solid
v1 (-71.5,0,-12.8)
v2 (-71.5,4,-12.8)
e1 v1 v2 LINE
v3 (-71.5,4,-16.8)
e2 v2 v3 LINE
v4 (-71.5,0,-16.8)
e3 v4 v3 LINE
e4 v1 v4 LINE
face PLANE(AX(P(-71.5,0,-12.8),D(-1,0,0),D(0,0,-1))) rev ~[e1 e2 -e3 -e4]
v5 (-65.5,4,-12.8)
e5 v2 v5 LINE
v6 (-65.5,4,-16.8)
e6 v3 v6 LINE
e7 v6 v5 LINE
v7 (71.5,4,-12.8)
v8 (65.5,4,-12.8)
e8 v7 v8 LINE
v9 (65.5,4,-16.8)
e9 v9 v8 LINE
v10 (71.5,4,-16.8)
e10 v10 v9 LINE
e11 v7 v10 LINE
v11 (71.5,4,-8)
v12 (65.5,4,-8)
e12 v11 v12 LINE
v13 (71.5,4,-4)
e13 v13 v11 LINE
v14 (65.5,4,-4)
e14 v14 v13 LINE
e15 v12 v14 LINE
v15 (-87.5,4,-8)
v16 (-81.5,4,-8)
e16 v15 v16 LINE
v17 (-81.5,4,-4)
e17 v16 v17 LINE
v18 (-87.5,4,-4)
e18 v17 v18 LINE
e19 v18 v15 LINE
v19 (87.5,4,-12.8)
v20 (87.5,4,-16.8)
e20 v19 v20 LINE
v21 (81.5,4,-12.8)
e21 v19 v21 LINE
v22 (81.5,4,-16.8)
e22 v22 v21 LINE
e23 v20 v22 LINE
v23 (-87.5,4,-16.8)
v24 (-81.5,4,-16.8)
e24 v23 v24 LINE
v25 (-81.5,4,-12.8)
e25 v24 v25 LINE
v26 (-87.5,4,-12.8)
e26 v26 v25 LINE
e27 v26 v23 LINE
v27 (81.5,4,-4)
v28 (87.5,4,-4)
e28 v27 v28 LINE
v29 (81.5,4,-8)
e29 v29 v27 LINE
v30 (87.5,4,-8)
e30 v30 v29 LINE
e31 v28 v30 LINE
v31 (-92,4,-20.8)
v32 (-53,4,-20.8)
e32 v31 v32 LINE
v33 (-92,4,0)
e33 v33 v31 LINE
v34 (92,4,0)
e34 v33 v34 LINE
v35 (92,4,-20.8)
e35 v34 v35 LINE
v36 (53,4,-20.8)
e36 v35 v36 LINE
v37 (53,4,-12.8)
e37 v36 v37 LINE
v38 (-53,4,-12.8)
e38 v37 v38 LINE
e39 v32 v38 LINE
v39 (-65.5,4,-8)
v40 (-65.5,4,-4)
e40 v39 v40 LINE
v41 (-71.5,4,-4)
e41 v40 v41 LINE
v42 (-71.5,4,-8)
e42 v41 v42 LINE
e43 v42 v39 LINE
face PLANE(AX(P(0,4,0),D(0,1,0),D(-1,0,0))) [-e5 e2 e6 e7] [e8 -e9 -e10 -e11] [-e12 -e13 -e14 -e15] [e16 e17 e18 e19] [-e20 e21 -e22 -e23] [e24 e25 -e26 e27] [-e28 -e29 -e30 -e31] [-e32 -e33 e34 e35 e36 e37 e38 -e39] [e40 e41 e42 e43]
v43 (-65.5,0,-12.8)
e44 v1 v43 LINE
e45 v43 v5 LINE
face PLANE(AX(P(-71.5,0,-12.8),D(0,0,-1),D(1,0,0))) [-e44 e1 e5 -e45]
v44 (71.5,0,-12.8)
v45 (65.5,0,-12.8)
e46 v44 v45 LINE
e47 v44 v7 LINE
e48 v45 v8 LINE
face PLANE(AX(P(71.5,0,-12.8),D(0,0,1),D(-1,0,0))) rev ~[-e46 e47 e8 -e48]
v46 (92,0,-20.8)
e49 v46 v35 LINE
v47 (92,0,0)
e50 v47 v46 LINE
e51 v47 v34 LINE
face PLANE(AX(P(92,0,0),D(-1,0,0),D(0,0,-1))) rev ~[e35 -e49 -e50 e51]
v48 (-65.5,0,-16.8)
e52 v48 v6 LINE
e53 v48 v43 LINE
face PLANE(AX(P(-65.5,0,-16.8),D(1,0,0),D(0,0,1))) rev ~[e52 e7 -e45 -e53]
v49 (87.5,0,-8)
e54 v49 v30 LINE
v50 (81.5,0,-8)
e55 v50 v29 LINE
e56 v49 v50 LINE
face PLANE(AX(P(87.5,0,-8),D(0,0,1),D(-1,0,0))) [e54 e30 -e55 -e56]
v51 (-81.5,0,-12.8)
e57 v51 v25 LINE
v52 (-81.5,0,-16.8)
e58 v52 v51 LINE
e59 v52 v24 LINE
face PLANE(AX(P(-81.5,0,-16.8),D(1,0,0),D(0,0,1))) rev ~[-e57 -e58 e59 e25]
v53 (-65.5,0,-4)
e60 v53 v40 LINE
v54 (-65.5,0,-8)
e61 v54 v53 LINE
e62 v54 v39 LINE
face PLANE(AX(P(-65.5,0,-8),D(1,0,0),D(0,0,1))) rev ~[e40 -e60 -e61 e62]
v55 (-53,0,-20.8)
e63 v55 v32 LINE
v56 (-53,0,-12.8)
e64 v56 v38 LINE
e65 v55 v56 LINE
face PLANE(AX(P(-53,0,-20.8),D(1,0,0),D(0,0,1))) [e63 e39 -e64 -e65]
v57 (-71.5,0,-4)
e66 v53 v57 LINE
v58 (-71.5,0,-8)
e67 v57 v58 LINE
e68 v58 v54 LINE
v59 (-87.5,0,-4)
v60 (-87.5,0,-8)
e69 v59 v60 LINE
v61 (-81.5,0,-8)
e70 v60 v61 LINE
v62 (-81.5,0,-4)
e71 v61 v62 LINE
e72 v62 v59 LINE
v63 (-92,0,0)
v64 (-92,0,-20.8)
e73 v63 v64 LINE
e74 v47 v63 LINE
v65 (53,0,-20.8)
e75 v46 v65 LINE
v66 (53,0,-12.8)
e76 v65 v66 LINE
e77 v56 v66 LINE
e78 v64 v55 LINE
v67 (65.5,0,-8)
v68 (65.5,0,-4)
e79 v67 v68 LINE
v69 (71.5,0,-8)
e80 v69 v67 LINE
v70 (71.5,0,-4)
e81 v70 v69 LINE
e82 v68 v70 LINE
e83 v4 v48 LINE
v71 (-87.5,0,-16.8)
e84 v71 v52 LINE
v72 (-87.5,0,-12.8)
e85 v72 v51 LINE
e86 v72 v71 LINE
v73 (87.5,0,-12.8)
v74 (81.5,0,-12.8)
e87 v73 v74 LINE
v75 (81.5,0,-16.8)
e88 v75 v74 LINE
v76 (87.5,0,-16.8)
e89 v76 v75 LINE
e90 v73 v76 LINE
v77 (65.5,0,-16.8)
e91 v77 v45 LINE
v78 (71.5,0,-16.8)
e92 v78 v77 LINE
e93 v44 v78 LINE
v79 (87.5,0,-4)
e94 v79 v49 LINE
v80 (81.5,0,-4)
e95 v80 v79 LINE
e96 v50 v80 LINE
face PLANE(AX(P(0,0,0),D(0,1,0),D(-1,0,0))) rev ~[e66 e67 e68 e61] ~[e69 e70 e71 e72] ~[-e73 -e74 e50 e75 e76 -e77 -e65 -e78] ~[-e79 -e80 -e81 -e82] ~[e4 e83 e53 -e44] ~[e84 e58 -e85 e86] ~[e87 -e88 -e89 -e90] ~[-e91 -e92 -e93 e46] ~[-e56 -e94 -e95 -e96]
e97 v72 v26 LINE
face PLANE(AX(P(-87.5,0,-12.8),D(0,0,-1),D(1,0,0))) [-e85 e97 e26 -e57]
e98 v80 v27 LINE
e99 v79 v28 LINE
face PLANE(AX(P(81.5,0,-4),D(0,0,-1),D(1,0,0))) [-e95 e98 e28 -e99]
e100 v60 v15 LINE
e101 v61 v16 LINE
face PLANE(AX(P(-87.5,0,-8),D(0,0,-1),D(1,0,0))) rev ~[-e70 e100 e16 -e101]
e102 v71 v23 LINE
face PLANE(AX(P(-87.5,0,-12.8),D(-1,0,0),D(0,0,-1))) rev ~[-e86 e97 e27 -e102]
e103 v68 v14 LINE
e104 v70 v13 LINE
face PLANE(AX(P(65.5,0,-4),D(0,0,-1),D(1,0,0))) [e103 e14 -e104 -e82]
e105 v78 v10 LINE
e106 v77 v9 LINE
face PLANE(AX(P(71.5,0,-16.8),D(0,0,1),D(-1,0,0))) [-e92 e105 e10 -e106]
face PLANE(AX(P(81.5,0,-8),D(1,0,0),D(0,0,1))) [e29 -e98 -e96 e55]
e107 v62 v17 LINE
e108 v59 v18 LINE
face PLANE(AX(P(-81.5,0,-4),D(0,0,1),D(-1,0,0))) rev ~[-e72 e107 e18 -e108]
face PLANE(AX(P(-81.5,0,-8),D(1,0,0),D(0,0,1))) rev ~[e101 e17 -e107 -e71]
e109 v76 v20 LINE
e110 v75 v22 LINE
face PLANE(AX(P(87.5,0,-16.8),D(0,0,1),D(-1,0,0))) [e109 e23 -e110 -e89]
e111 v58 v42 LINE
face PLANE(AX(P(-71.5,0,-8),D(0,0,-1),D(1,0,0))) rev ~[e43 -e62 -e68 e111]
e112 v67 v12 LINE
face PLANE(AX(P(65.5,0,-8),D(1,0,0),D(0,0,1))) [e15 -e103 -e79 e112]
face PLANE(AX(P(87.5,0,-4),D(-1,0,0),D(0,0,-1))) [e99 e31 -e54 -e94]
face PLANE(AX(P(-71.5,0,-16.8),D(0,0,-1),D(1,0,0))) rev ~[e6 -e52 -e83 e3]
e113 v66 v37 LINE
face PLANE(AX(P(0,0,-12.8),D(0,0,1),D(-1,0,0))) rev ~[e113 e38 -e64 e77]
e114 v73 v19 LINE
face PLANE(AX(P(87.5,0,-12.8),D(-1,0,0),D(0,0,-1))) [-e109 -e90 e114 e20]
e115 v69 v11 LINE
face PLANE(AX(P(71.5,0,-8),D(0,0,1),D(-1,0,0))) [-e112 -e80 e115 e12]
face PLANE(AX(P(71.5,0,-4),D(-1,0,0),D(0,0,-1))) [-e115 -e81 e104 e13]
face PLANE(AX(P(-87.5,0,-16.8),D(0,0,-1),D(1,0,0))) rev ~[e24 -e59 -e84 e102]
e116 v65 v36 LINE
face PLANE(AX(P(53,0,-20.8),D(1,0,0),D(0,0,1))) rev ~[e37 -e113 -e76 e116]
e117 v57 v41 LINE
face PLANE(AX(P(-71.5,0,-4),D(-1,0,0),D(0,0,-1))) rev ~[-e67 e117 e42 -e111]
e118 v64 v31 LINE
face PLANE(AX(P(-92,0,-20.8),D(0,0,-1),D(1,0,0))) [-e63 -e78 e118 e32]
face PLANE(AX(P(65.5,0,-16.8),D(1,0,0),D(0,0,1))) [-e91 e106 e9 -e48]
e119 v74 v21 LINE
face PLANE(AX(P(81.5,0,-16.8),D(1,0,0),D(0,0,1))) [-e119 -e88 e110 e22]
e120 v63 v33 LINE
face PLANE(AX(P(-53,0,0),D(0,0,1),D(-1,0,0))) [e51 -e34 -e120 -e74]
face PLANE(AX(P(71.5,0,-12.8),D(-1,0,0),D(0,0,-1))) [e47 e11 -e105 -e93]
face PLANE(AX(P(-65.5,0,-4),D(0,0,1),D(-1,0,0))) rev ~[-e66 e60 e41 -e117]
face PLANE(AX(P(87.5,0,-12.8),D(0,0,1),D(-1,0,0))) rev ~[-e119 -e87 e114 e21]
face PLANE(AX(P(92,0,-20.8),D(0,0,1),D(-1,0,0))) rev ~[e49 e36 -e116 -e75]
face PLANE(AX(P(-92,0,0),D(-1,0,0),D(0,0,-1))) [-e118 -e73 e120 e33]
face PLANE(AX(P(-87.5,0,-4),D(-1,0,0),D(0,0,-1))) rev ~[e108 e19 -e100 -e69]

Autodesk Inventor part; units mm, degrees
ref_plane "YZ Plane" through (0, 0, 0) normal (1, 0, 0) x (0, 1, 0)
ref_plane "XZ Plane" through (0, 0, 0) normal (0, 1, 0) x (-1, 0, 0)
ref_plane "XY Plane" through (0, 0, 0) normal (0, 0, 1) x (1, 0, 0)
sketch "Sketch1" plane through (0, 0, 0) normal (0, 1, 0) x (-1, 0, 0)
  line L0 (92, -20.8) -> (53, -20.8)
  line L1 (53, -20.8) -> (53, -12.8)
  line L2 (53, 0) -> (92, 0)
  line L3 (92, 0) -> (92, -20.8)
  line L4 (53, 0) -> (-53, 0)
  line L5 (-53, 0) -> (-53, -12.8) construction
  line L6 (-53, -12.8) -> (53, -12.8)
  line L7 (53, -12.8) -> (53, 0) construction
  line L8 (-53, 0) -> (-92, 0)
  line L9 (-92, 0) -> (-92, -20.8)
  line L10 (-92, -20.8) -> (-53, -20.8)
  line L11 (-53, -20.8) -> (-53, -12.8)
  line L12 (0, -12.8) -> (0, 0)
  line L13 (92, -16.8) -> (-92, -16.8) construction
  line L14 (92, -8) -> (-92, -8) construction
  line L15 (53, -12.8) -> (53, 0) construction
  line L16 (-53, -12.8) -> (-53, 0) construction
  line L17 (92, -4) -> (-92, -4) construction
  line L18 (87.5, -16.8) -> (81.5, -16.8)
  line L19 (81.5, -16.8) -> (81.5, -12.8)
  line L20 (87.5, -12.8) -> (87.5, -16.8)
  line L21 (71.5, -16.8) -> (65.5, -16.8)
  line L22 (65.5, -16.8) -> (65.5, -12.8)
  line L23 (71.5, -12.8) -> (71.5, -16.8)
  line L24 (87.5, -8) -> (81.5, -8)
  line L25 (81.5, -8) -> (81.5, -4)
  line L26 (81.5, -4) -> (87.5, -4)
  line L27 (87.5, -4) -> (87.5, -8)
  line L28 (71.5, -8) -> (65.5, -8)
  line L29 (65.5, -8) -> (65.5, -4)
  line L30 (65.5, -4) -> (71.5, -4)
  line L31 (71.5, -4) -> (71.5, -8)
  line L32 (92, -12.8) -> (-92, -12.8) construction
  line L33 (87.5, -12.8) -> (81.5, -12.8)
  line L34 (71.5, -12.8) -> (65.5, -12.8)
  line L35 (-87.5, -16.8) -> (-81.5, -16.8)
  line L36 (-81.5, -16.8) -> (-81.5, -12.8)
  line L37 (-87.5, -12.8) -> (-87.5, -16.8)
  line L38 (-71.5, -16.8) -> (-65.5, -16.8)
  line L39 (-65.5, -16.8) -> (-65.5, -12.8)
  line L40 (-71.5, -12.8) -> (-71.5, -16.8)
  line L41 (-87.5, -8) -> (-81.5, -8)
  line L42 (-81.5, -8) -> (-81.5, -4)
  line L43 (-81.5, -4) -> (-87.5, -4)
  line L44 (-87.5, -4) -> (-87.5, -8)
  line L45 (-71.5, -8) -> (-65.5, -8)
  line L46 (-65.5, -8) -> (-65.5, -4)
  line L47 (-65.5, -4) -> (-71.5, -4)
  line L48 (-71.5, -4) -> (-71.5, -8)
  line L49 (-87.5, -12.8) -> (-81.5, -12.8)
  line L50 (-71.5, -12.8) -> (-65.5, -12.8)
  point P0 (-71.5, -16.95)
  dimension "d0" = 39
  dimension "d1" = 106
  dimension "d2" = 39
  dimension "d3" = 4
  dimension "d4" = 4
  dimension "d9" = 4.5
  dimension "d11" = 10
  dimension "d13" = 4
  dimension "d14" = 4
  dimension "d19" = 4.8
  dimension "d20" = 6
extrude "Extrusion1" add sketch "Sketch1" along normal blind 4
properties part number "DoorFrameTop" material "Wood (Oak)"
